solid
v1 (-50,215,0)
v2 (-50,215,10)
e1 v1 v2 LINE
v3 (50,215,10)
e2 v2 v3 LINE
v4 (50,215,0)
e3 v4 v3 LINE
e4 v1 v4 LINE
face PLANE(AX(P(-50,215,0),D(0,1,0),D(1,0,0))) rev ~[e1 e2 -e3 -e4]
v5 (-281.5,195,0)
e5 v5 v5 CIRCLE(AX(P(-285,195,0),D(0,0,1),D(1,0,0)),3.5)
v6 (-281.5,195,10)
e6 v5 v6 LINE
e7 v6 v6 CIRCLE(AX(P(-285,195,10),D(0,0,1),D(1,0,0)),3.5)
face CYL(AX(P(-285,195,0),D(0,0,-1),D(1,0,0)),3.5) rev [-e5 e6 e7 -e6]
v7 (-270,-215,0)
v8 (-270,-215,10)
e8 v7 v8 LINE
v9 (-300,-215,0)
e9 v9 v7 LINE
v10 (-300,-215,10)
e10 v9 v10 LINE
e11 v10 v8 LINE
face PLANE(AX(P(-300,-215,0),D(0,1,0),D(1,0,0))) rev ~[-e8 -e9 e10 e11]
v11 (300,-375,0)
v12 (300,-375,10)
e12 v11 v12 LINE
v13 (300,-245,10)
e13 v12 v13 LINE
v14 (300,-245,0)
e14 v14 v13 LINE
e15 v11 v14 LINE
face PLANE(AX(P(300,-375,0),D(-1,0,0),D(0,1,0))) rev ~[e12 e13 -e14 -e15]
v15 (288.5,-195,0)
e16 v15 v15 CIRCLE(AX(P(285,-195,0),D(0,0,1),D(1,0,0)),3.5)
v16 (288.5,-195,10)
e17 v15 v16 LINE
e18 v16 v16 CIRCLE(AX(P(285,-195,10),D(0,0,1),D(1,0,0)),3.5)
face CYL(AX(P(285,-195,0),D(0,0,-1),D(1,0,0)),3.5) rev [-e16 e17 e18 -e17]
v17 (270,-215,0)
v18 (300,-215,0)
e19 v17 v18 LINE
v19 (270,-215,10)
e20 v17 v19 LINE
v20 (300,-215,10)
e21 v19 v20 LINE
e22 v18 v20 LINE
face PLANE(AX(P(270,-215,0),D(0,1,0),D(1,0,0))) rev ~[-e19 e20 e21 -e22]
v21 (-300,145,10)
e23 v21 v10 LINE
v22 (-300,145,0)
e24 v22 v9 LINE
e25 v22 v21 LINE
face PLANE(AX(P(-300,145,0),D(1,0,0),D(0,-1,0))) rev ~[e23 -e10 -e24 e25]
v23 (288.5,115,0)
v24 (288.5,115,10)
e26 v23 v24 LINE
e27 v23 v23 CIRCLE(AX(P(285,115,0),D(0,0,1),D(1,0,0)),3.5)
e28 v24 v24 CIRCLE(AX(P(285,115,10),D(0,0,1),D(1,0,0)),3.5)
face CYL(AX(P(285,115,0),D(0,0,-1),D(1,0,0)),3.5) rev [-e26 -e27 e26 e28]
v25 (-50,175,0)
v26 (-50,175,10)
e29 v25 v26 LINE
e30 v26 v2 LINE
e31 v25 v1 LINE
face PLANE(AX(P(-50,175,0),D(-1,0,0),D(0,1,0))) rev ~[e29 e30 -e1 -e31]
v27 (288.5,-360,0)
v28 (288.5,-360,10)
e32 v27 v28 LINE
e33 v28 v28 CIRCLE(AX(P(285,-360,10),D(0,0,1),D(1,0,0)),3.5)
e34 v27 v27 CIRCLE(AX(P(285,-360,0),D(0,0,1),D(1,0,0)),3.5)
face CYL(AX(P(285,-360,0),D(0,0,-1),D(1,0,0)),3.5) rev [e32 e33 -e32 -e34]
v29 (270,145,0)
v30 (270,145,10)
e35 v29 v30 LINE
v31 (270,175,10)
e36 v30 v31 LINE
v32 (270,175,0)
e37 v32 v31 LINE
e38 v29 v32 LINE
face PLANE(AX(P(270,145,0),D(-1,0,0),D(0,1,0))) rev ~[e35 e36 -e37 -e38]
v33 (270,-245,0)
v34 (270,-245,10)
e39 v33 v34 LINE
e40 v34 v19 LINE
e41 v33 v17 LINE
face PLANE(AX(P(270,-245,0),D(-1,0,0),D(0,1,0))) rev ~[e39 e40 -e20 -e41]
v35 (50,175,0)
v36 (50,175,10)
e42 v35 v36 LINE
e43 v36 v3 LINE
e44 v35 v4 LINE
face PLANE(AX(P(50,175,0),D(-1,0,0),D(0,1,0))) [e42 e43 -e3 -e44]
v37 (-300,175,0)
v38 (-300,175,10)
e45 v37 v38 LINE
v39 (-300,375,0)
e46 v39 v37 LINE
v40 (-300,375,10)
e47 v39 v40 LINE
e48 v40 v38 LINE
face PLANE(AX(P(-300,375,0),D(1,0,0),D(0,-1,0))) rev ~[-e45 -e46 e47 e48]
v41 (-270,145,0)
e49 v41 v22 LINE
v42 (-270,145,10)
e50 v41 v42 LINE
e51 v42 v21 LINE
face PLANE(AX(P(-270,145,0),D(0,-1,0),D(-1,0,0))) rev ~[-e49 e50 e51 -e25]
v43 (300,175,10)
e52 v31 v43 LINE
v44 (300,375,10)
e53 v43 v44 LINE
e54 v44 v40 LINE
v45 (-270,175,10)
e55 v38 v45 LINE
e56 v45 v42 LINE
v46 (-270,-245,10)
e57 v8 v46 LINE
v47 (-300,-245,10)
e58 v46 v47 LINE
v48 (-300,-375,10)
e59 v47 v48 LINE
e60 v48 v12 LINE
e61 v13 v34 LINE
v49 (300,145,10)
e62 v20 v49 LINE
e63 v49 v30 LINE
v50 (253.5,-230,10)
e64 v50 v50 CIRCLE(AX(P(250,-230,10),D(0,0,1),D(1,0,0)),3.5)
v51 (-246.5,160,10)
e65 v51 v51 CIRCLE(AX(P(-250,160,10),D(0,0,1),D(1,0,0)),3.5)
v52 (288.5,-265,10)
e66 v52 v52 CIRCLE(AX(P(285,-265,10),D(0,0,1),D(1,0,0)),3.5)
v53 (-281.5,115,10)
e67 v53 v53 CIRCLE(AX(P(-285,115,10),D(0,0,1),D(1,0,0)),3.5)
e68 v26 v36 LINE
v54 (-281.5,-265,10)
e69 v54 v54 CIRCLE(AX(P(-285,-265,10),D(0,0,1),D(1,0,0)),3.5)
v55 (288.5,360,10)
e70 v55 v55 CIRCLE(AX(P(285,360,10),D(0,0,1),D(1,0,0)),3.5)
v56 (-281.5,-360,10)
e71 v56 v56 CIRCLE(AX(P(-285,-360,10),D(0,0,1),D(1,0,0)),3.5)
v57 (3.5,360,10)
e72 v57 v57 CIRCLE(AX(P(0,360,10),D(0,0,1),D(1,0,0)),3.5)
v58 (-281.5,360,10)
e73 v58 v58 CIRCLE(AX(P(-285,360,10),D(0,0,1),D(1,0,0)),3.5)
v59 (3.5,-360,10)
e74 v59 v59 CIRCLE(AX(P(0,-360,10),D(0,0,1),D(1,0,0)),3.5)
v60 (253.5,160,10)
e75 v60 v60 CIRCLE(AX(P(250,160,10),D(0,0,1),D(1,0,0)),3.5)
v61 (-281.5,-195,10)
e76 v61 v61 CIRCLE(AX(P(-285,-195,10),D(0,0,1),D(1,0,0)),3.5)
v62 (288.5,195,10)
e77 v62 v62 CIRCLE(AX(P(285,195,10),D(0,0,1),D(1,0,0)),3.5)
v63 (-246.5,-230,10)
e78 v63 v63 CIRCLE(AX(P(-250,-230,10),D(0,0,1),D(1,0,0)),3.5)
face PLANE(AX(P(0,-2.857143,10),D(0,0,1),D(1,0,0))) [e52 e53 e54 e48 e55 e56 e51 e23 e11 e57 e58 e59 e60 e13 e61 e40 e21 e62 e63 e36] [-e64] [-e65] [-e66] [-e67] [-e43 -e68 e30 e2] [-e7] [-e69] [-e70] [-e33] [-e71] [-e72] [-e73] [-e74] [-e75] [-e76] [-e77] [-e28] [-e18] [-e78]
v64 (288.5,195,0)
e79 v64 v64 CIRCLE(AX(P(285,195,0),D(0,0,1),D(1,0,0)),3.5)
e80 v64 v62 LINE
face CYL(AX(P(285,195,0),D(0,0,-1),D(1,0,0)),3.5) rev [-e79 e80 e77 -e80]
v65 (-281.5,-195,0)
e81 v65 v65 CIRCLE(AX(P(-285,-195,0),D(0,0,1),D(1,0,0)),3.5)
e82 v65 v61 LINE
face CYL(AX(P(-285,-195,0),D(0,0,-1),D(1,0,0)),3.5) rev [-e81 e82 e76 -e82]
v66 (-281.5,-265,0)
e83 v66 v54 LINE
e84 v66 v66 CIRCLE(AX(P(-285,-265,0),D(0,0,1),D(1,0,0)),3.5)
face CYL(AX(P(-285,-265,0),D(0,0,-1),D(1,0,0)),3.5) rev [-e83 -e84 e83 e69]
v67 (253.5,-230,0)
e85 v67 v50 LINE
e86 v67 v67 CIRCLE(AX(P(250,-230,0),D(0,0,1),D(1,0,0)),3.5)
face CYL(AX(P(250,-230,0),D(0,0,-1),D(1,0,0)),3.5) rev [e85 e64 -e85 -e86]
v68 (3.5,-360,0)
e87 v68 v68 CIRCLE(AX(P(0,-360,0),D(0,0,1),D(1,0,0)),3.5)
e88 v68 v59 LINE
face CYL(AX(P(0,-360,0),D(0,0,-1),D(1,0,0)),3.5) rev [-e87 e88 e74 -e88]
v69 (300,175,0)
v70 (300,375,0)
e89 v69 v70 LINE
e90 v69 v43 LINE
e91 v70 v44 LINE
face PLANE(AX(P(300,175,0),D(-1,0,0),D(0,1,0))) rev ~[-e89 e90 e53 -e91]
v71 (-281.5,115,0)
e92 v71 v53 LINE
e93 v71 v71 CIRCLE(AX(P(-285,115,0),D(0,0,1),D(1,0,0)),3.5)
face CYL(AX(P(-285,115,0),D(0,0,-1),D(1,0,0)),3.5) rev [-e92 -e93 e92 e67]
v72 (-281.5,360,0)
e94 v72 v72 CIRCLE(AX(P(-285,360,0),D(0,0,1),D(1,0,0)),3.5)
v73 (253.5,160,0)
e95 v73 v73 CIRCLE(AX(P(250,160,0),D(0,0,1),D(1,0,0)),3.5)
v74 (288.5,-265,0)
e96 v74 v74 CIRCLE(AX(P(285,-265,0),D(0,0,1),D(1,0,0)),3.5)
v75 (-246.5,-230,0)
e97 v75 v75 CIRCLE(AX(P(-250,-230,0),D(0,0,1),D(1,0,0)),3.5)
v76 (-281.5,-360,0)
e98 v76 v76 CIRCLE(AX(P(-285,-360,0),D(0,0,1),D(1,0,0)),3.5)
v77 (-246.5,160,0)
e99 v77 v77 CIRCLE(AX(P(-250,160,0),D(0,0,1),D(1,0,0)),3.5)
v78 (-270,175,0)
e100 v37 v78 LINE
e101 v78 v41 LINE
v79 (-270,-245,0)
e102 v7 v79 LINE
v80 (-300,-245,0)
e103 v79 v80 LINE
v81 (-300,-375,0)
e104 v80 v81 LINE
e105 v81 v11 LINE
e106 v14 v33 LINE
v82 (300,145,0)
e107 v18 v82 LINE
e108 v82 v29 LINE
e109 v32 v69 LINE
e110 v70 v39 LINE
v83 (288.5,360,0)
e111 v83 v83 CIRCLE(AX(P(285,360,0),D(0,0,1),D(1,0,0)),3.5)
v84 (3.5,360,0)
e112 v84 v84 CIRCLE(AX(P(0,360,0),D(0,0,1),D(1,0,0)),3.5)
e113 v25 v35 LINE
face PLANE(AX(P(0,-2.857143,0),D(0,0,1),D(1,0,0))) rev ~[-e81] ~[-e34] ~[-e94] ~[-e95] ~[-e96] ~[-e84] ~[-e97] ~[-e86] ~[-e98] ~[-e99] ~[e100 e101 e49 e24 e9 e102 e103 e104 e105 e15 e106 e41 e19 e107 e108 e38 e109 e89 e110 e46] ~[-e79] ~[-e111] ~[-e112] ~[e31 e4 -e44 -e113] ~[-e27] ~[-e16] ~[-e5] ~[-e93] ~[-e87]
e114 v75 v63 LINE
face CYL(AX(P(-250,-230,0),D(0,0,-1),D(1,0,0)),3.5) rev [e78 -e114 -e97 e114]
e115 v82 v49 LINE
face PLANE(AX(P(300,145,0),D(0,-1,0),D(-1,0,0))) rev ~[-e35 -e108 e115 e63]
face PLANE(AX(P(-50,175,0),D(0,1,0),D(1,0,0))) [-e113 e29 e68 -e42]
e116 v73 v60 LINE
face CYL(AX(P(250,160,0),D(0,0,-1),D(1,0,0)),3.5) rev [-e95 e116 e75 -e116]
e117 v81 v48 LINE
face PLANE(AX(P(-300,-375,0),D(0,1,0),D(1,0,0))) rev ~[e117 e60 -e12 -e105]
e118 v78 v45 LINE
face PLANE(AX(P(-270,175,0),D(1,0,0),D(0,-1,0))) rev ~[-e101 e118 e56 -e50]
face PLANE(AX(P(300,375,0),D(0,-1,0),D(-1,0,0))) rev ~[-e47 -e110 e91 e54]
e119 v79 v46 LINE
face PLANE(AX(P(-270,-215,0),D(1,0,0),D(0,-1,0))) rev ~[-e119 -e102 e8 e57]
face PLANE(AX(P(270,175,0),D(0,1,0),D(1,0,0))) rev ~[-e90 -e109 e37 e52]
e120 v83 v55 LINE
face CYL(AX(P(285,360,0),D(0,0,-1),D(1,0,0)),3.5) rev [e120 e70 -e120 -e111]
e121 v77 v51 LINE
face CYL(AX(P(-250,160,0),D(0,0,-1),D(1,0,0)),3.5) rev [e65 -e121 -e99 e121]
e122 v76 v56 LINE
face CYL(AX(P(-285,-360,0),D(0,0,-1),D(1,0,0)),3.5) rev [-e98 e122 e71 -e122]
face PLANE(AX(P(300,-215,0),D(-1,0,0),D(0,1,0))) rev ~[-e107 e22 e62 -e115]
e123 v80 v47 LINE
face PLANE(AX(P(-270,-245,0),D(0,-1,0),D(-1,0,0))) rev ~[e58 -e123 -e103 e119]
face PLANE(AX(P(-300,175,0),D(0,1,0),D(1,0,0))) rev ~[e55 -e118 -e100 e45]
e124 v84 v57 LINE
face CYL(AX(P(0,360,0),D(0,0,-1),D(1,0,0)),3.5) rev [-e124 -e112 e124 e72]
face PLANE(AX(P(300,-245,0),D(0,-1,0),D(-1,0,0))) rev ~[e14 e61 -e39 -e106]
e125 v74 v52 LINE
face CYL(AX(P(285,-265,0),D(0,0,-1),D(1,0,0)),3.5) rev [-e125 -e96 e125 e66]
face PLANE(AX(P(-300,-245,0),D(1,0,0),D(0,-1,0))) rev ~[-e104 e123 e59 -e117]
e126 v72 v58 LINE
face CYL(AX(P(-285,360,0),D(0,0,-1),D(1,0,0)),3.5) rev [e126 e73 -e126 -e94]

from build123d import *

# Parameters (mm, degrees)
F0_R     = 3.5
F0_W     = 100
F0_H     = 40
F1_DEPTH = 10


with BuildPart() as f1:
    # F0 (on Top) → F1 (new body)
    with BuildSketch(Plane.XY):
        Polygon((300, 175), (300, 375), (-300, 375), (-300, 175), (-270, 175), (-270, 145), (-300, 145), (-300, -215), (-270, -215), (-270, -245), (-300, -245), (-300, -375), (300, -375), (300, -245), (270, -245), (270, -215), (300, -215), (300, 145), (270, 145), (270, 175), align=None)
        with Locations((-285, -360)):
            Circle(F0_R, mode=Mode.SUBTRACT)
        with Locations((-285, -265)):
            Circle(F0_R, mode=Mode.SUBTRACT)
        with Locations((-285, -195)):
            Circle(F0_R, mode=Mode.SUBTRACT)
        with Locations((-250, -230)):
            Circle(F0_R, mode=Mode.SUBTRACT)
        with Locations((0, -360)):
            Circle(F0_R, mode=Mode.SUBTRACT)
        with Locations((285, -360)):
            Circle(F0_R, mode=Mode.SUBTRACT)
        with Locations((285, -265)):
            Circle(F0_R, mode=Mode.SUBTRACT)
        with Locations((250, -230)):
            Circle(F0_R, mode=Mode.SUBTRACT)
        with Locations((285, -195)):
            Circle(F0_R, mode=Mode.SUBTRACT)
        with Locations((-285, 115)):
            Circle(F0_R, mode=Mode.SUBTRACT)
        with Locations((-250, 160)):
            Circle(F0_R, mode=Mode.SUBTRACT)
        with Locations((-285, 195)):
            Circle(F0_R, mode=Mode.SUBTRACT)
        with Locations((-285, 360)):
            Circle(F0_R, mode=Mode.SUBTRACT)
        with Locations((285, 115)):
            Circle(F0_R, mode=Mode.SUBTRACT)
        with Locations((250, 160)):
            Circle(F0_R, mode=Mode.SUBTRACT)
        with Locations((0, 195)):
            Rectangle(F0_W, F0_H, mode=Mode.SUBTRACT)
        with Locations((0, 360)):
            Circle(F0_R, mode=Mode.SUBTRACT)
        with Locations((285, 195)):
            Circle(F0_R, mode=Mode.SUBTRACT)
        with Locations((285, 360)):
            Circle(F0_R, mode=Mode.SUBTRACT)
    extrude(amount=F1_DEPTH)


solid = f1.part
